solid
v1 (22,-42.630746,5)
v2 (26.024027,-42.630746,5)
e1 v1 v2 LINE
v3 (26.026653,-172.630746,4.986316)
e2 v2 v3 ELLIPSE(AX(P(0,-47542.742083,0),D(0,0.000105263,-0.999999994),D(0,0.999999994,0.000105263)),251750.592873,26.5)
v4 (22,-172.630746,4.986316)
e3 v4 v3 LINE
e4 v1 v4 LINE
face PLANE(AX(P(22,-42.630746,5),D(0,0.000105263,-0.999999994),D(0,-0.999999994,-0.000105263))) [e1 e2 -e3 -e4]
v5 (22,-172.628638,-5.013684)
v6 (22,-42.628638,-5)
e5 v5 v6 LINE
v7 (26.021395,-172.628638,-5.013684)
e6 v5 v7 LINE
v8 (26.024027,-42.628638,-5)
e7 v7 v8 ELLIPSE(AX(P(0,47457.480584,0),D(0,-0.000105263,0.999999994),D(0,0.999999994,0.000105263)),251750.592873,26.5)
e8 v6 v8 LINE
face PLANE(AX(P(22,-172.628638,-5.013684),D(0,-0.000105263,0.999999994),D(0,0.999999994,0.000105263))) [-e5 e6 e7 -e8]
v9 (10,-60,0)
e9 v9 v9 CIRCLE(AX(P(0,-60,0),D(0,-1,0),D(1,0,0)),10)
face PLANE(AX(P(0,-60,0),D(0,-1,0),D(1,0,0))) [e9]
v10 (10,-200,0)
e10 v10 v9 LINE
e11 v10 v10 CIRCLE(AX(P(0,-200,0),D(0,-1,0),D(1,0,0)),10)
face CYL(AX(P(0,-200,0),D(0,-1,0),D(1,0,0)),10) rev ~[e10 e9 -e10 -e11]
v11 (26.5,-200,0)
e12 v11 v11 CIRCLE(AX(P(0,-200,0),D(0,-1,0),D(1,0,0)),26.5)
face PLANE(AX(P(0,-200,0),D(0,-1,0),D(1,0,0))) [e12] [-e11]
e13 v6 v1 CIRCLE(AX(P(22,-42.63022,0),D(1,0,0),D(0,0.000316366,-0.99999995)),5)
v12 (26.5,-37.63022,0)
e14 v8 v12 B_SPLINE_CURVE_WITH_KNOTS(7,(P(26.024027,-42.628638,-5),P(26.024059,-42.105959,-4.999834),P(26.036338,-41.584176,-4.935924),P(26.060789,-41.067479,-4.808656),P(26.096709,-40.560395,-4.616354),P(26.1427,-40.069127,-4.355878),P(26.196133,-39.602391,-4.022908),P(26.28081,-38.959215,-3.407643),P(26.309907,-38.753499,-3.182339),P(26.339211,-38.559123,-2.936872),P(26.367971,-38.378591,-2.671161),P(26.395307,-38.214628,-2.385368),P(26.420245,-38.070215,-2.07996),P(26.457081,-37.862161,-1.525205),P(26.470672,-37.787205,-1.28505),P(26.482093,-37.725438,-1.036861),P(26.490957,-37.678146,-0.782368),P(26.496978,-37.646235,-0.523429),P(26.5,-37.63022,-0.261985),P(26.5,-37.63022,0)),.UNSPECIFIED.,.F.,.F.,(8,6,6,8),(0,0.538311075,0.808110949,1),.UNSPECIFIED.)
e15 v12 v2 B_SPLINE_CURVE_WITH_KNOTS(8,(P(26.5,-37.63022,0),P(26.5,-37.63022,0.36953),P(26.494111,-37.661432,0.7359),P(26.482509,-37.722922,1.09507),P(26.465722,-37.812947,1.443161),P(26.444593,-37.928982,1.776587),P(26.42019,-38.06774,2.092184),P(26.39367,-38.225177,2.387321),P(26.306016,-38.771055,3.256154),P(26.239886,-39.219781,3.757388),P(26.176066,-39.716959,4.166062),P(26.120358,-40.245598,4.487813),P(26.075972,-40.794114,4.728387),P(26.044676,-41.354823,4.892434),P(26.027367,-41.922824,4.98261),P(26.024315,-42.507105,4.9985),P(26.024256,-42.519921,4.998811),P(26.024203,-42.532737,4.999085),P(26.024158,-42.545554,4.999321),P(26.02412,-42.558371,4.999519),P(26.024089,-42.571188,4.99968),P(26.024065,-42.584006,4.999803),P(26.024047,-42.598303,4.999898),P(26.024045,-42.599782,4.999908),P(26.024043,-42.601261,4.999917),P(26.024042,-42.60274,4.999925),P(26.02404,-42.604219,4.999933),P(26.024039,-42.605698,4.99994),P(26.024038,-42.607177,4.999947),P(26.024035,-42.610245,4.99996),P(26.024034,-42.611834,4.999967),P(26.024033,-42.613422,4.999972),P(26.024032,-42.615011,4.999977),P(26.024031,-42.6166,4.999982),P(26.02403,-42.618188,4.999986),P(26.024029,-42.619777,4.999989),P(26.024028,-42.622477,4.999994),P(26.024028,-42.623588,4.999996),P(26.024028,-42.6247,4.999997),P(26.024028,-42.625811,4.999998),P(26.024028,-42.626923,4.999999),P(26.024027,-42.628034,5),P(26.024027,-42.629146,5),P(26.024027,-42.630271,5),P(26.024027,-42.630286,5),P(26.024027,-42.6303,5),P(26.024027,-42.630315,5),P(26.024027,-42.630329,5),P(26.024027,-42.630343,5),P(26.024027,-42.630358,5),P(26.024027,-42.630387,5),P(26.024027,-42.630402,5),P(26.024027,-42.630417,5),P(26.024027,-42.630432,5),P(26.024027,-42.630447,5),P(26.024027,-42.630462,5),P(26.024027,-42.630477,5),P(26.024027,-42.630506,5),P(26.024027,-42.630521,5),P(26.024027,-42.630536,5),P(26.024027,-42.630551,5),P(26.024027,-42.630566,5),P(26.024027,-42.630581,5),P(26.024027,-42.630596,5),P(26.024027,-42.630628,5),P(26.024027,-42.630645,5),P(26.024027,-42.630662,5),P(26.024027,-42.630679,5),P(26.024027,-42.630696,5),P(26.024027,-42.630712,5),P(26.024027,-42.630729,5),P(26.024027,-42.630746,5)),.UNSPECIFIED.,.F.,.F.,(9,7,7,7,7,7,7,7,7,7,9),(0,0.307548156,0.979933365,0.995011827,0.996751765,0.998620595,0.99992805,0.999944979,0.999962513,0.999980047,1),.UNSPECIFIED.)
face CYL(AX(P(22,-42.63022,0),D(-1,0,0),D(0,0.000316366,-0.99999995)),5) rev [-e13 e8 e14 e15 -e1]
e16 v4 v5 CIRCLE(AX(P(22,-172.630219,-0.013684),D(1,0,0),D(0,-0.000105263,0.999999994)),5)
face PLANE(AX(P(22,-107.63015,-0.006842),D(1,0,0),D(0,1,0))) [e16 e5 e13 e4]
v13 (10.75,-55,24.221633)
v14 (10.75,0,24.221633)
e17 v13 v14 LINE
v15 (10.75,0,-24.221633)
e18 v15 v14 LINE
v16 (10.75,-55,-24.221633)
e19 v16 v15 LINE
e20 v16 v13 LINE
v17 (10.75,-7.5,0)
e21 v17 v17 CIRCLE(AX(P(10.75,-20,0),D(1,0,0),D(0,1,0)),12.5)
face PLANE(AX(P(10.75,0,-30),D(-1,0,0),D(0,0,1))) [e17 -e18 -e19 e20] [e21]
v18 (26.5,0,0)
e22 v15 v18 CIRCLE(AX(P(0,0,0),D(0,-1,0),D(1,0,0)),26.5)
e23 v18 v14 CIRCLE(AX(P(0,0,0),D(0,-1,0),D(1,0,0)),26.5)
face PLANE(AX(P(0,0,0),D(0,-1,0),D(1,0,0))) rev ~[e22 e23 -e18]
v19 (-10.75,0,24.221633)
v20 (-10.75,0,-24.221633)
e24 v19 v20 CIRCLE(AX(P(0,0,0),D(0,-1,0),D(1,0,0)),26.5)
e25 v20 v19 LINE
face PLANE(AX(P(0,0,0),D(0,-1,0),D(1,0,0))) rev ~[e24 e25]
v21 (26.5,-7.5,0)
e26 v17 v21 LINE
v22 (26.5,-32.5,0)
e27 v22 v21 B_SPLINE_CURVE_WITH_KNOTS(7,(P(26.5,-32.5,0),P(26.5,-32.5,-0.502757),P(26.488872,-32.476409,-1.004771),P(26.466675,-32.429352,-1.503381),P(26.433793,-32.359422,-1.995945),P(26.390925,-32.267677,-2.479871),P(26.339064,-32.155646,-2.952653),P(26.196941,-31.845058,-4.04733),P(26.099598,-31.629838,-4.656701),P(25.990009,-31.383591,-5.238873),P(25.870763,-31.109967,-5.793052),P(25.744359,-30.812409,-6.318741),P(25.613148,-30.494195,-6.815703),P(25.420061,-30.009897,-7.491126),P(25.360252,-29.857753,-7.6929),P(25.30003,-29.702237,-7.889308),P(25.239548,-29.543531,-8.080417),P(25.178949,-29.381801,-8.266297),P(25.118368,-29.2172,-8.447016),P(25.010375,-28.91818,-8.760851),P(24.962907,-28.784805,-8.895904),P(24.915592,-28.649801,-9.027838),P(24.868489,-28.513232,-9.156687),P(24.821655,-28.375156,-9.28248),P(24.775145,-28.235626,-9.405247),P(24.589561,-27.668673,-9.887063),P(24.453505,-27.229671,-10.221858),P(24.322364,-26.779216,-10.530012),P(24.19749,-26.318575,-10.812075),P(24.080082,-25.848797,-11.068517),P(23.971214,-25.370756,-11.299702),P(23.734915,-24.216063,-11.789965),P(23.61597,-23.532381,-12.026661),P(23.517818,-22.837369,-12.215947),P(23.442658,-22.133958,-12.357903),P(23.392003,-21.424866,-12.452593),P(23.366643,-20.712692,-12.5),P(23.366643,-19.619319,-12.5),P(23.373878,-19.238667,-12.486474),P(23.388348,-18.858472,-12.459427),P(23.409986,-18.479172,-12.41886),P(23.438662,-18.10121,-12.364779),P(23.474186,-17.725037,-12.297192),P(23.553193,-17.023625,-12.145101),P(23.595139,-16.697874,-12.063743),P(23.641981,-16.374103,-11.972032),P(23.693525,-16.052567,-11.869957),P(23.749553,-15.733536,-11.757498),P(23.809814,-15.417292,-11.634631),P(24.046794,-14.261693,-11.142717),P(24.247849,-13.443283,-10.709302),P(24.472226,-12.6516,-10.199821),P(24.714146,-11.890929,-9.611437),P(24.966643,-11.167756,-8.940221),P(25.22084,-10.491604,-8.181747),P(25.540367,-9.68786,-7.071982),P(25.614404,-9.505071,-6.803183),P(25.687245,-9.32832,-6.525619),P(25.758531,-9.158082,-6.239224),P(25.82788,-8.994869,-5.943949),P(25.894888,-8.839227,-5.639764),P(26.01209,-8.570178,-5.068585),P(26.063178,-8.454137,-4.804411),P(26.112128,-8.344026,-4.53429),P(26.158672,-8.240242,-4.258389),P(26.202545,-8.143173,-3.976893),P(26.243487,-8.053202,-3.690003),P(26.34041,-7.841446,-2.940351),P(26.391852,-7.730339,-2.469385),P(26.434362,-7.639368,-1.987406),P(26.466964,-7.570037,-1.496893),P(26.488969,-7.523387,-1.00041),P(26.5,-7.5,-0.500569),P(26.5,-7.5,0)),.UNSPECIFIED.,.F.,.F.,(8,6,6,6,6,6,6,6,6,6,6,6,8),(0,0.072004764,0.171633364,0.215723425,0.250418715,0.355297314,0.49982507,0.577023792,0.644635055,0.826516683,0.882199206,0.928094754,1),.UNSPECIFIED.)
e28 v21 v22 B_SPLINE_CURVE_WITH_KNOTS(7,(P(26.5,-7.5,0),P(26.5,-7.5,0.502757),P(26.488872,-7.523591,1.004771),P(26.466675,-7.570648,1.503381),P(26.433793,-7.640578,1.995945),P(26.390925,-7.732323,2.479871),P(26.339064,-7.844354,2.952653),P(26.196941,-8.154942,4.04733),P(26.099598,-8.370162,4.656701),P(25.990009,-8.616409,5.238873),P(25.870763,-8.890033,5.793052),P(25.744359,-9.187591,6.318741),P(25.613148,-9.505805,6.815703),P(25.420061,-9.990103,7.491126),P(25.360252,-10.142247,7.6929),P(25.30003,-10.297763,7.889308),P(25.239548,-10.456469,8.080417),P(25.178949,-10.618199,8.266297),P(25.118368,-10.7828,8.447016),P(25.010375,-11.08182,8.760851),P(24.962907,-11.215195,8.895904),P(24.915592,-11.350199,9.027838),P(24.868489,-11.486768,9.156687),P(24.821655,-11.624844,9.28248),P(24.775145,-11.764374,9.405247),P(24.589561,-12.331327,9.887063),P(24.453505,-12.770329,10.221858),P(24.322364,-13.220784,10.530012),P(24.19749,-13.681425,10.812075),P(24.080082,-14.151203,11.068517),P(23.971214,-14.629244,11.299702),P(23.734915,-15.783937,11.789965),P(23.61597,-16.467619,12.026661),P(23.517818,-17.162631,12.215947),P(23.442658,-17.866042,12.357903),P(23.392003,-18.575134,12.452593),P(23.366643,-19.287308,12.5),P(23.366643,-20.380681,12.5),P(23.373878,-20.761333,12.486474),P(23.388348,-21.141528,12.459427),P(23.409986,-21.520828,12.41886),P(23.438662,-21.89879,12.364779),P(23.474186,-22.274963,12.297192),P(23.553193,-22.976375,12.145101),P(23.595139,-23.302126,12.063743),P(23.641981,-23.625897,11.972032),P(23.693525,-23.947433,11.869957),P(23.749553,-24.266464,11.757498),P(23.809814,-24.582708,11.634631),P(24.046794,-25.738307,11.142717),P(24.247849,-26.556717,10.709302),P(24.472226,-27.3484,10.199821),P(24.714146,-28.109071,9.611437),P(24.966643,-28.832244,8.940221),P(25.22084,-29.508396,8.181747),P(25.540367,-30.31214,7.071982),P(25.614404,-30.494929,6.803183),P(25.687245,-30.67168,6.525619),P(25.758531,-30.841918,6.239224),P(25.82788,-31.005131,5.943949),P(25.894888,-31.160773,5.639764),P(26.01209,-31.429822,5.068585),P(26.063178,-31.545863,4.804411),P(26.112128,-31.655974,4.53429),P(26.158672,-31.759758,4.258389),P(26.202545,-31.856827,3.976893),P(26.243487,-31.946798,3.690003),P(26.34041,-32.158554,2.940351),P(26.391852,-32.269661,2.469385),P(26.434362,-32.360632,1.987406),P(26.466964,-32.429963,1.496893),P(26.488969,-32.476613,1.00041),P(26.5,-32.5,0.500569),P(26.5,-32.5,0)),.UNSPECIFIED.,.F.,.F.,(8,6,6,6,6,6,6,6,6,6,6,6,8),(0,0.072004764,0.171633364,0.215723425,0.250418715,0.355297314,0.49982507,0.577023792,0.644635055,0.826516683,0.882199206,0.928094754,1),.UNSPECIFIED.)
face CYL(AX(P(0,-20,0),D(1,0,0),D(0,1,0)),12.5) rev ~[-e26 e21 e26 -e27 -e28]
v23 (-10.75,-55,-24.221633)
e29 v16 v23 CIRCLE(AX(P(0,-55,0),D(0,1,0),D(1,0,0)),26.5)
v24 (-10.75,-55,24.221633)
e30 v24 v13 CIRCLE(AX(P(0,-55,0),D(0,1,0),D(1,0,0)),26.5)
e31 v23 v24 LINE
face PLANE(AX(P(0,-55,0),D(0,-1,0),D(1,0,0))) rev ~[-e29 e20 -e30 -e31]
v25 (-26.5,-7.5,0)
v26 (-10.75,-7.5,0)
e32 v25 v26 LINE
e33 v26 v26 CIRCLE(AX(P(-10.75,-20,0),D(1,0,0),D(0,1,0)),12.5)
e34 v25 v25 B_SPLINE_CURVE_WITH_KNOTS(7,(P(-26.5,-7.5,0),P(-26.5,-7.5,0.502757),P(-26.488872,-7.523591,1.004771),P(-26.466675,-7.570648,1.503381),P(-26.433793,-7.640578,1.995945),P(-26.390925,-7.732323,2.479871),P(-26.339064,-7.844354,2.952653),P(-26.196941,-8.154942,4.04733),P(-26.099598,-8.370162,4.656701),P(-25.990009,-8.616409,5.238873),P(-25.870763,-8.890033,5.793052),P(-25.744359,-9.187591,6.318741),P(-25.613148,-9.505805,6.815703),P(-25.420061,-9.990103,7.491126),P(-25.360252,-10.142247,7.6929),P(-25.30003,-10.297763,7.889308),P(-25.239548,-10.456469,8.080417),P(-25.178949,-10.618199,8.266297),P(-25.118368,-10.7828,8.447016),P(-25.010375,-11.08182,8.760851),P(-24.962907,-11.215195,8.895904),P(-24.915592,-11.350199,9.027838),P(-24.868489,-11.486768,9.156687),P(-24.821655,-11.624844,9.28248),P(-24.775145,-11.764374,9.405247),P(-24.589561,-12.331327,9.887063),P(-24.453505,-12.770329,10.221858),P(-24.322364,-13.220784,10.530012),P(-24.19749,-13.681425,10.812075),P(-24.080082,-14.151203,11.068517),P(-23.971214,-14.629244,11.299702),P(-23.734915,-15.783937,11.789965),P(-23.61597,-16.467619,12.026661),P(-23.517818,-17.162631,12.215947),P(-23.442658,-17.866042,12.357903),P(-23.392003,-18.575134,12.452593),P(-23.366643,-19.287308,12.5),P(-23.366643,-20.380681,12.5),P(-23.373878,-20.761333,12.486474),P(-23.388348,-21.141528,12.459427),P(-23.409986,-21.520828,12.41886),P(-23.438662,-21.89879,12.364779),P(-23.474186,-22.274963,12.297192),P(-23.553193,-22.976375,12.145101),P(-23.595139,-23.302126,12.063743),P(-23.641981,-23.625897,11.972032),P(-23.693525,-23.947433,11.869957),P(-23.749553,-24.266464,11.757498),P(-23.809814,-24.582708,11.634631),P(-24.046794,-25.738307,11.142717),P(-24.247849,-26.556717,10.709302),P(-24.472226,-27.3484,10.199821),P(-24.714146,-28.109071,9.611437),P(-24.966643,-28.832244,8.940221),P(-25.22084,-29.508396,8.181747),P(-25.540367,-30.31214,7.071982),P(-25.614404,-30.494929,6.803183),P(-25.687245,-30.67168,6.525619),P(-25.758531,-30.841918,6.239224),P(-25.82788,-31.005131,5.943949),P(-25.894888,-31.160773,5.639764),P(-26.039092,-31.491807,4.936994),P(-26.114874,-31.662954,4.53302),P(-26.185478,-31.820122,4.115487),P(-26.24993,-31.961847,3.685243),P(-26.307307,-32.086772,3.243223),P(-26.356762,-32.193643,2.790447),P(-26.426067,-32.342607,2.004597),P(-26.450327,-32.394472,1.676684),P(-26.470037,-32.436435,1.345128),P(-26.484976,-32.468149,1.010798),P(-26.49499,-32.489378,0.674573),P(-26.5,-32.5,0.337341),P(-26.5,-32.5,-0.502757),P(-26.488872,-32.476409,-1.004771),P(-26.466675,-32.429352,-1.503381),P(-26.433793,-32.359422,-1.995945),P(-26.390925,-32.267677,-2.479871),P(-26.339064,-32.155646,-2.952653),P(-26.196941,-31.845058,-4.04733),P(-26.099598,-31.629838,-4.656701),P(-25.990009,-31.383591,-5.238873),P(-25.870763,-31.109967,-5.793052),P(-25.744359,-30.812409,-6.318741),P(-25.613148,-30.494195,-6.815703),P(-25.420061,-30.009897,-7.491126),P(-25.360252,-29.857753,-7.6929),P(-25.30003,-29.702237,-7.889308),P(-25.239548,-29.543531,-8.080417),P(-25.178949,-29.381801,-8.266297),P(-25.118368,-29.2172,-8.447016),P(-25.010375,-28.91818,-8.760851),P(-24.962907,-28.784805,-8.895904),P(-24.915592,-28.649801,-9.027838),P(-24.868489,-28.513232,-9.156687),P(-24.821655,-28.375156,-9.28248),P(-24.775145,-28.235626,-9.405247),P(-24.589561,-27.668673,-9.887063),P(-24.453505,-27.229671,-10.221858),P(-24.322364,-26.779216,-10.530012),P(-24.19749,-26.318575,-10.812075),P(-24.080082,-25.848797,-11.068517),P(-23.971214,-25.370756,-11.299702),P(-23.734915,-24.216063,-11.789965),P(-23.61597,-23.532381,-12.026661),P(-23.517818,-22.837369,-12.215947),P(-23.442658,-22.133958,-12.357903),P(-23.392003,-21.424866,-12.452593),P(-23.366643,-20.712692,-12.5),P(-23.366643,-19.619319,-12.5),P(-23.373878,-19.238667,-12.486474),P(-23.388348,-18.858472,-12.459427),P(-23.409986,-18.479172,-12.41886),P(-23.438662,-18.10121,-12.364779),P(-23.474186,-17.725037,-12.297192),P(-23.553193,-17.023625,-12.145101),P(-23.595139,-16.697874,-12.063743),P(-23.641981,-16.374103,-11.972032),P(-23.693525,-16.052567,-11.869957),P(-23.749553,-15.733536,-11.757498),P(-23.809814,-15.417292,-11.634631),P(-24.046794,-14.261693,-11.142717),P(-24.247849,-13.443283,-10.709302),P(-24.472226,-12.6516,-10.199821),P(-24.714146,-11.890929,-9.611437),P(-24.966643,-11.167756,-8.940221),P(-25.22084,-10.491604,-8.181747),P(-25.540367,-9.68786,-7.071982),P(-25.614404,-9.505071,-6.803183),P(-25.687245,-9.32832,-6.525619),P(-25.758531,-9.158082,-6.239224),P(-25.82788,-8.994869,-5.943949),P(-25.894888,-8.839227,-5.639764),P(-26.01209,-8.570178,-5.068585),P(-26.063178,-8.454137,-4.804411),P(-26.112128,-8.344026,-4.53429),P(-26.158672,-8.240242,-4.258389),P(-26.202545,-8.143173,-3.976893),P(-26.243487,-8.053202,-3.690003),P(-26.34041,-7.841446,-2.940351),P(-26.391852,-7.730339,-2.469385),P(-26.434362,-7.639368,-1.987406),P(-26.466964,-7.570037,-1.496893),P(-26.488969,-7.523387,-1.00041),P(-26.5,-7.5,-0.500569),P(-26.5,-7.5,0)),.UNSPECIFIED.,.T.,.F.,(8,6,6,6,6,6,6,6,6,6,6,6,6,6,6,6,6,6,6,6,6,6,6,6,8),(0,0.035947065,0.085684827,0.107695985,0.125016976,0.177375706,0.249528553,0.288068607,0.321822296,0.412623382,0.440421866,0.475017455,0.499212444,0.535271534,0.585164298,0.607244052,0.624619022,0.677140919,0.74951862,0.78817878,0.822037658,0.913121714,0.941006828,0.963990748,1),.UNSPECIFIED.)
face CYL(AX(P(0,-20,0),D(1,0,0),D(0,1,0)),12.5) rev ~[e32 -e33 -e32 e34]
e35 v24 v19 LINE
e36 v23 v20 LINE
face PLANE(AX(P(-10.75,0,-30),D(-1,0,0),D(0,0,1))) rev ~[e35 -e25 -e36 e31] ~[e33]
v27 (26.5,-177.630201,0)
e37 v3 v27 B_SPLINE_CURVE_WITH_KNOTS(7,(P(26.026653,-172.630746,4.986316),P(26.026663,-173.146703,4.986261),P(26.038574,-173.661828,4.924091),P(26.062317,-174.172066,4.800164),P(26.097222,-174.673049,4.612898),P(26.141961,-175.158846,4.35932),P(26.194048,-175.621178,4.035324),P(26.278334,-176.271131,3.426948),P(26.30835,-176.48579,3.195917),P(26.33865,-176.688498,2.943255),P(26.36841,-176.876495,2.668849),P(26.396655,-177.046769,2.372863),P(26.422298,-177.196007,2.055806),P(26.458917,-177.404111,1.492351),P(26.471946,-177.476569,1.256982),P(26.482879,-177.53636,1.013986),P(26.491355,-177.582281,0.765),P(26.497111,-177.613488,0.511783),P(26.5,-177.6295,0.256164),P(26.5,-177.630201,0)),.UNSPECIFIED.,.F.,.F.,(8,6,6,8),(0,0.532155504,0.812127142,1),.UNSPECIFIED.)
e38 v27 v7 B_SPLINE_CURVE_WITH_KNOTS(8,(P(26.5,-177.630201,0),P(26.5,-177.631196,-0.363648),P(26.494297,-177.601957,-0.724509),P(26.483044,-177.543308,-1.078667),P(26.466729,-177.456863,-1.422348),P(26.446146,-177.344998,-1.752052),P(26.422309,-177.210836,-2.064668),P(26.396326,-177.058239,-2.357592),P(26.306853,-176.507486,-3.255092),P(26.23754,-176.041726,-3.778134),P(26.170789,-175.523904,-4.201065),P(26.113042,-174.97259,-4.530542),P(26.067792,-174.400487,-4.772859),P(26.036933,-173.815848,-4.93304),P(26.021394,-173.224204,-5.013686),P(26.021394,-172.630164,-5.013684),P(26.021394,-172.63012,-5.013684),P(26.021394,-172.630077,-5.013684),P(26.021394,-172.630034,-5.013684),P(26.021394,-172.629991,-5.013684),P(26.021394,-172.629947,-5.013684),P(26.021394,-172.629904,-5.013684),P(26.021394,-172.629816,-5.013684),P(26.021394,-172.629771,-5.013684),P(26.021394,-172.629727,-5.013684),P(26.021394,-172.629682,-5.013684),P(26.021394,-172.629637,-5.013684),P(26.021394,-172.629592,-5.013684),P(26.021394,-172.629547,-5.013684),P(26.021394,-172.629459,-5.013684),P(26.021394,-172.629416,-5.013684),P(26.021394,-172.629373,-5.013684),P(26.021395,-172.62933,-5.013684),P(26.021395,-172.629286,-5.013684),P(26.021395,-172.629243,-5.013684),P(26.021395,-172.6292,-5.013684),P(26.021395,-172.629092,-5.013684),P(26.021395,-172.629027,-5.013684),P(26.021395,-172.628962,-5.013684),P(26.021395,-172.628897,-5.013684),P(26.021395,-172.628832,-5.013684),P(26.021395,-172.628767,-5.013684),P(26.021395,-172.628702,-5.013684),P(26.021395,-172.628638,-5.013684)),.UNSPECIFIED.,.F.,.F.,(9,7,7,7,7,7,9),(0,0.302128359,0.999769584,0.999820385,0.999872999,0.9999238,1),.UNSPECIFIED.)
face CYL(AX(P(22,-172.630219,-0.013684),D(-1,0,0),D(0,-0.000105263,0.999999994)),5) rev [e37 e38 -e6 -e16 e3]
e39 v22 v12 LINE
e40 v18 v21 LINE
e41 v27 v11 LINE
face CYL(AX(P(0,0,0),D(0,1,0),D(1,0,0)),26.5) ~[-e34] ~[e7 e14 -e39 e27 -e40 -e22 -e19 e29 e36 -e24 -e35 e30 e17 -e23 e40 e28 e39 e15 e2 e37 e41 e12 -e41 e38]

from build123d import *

# Parameters (mm, degrees)
F0_R      = 26.5
F1_DEPTH  = 200
F2_R      = 12.5
F3_DEPTH  = 30
F4_W      = 21.5
F4_H      = 60
F5_DEPTH  = 55
F8_DEPTH  = 10
F9_R      = 10
F10_DEPTH = 140


with BuildPart() as f1:
    # F0 (on Front) → F1 (new body)
    with BuildSketch(Plane.XZ):
        Circle(F0_R)
    extrude(amount=F1_DEPTH)

    # F2 (on Right) → F3 (cut, symmetric)
    with BuildSketch(Plane.YZ):
        with Locations((-20, 0)):
            Circle(F2_R)
    extrude(amount=F3_DEPTH, both=True, mode=Mode.SUBTRACT)

    # F4 (on Front) → F5 (cut)
    with BuildSketch(Plane.XZ):
        Rectangle(F4_W, F4_H)
    extrude(amount=F5_DEPTH, mode=Mode.SUBTRACT)

    # F7 (on offset) → F8 (cut)
    with BuildSketch(Plane.YZ.offset(22)):
        with BuildLine():
            Line((-42.6307463948, 4.9999999723), (-172.6307456746, 4.986315794))
            ThreePointArc((-172.6307456746, 4.986315794), (-177.630219249, -0.0147382518), (-172.6286375277, -5.0136839281))
            Line((-172.6286375277, -5.0136839281), (-42.6286382479, -4.9999997498))
            ThreePointArc((-42.6286382479, -4.9999997498), (-37.6302201914, 0.0010540735), (-42.6307463948, 4.9999999723))
        make_face()
    extrude(amount=F8_DEPTH, mode=Mode.SUBTRACT)

    # F9 (on face) → F10 (cut)
    with BuildSketch(Plane.XZ.offset(200)):
        Circle(F9_R)
    extrude(amount=-F10_DEPTH, mode=Mode.SUBTRACT)


solid = f1.part
